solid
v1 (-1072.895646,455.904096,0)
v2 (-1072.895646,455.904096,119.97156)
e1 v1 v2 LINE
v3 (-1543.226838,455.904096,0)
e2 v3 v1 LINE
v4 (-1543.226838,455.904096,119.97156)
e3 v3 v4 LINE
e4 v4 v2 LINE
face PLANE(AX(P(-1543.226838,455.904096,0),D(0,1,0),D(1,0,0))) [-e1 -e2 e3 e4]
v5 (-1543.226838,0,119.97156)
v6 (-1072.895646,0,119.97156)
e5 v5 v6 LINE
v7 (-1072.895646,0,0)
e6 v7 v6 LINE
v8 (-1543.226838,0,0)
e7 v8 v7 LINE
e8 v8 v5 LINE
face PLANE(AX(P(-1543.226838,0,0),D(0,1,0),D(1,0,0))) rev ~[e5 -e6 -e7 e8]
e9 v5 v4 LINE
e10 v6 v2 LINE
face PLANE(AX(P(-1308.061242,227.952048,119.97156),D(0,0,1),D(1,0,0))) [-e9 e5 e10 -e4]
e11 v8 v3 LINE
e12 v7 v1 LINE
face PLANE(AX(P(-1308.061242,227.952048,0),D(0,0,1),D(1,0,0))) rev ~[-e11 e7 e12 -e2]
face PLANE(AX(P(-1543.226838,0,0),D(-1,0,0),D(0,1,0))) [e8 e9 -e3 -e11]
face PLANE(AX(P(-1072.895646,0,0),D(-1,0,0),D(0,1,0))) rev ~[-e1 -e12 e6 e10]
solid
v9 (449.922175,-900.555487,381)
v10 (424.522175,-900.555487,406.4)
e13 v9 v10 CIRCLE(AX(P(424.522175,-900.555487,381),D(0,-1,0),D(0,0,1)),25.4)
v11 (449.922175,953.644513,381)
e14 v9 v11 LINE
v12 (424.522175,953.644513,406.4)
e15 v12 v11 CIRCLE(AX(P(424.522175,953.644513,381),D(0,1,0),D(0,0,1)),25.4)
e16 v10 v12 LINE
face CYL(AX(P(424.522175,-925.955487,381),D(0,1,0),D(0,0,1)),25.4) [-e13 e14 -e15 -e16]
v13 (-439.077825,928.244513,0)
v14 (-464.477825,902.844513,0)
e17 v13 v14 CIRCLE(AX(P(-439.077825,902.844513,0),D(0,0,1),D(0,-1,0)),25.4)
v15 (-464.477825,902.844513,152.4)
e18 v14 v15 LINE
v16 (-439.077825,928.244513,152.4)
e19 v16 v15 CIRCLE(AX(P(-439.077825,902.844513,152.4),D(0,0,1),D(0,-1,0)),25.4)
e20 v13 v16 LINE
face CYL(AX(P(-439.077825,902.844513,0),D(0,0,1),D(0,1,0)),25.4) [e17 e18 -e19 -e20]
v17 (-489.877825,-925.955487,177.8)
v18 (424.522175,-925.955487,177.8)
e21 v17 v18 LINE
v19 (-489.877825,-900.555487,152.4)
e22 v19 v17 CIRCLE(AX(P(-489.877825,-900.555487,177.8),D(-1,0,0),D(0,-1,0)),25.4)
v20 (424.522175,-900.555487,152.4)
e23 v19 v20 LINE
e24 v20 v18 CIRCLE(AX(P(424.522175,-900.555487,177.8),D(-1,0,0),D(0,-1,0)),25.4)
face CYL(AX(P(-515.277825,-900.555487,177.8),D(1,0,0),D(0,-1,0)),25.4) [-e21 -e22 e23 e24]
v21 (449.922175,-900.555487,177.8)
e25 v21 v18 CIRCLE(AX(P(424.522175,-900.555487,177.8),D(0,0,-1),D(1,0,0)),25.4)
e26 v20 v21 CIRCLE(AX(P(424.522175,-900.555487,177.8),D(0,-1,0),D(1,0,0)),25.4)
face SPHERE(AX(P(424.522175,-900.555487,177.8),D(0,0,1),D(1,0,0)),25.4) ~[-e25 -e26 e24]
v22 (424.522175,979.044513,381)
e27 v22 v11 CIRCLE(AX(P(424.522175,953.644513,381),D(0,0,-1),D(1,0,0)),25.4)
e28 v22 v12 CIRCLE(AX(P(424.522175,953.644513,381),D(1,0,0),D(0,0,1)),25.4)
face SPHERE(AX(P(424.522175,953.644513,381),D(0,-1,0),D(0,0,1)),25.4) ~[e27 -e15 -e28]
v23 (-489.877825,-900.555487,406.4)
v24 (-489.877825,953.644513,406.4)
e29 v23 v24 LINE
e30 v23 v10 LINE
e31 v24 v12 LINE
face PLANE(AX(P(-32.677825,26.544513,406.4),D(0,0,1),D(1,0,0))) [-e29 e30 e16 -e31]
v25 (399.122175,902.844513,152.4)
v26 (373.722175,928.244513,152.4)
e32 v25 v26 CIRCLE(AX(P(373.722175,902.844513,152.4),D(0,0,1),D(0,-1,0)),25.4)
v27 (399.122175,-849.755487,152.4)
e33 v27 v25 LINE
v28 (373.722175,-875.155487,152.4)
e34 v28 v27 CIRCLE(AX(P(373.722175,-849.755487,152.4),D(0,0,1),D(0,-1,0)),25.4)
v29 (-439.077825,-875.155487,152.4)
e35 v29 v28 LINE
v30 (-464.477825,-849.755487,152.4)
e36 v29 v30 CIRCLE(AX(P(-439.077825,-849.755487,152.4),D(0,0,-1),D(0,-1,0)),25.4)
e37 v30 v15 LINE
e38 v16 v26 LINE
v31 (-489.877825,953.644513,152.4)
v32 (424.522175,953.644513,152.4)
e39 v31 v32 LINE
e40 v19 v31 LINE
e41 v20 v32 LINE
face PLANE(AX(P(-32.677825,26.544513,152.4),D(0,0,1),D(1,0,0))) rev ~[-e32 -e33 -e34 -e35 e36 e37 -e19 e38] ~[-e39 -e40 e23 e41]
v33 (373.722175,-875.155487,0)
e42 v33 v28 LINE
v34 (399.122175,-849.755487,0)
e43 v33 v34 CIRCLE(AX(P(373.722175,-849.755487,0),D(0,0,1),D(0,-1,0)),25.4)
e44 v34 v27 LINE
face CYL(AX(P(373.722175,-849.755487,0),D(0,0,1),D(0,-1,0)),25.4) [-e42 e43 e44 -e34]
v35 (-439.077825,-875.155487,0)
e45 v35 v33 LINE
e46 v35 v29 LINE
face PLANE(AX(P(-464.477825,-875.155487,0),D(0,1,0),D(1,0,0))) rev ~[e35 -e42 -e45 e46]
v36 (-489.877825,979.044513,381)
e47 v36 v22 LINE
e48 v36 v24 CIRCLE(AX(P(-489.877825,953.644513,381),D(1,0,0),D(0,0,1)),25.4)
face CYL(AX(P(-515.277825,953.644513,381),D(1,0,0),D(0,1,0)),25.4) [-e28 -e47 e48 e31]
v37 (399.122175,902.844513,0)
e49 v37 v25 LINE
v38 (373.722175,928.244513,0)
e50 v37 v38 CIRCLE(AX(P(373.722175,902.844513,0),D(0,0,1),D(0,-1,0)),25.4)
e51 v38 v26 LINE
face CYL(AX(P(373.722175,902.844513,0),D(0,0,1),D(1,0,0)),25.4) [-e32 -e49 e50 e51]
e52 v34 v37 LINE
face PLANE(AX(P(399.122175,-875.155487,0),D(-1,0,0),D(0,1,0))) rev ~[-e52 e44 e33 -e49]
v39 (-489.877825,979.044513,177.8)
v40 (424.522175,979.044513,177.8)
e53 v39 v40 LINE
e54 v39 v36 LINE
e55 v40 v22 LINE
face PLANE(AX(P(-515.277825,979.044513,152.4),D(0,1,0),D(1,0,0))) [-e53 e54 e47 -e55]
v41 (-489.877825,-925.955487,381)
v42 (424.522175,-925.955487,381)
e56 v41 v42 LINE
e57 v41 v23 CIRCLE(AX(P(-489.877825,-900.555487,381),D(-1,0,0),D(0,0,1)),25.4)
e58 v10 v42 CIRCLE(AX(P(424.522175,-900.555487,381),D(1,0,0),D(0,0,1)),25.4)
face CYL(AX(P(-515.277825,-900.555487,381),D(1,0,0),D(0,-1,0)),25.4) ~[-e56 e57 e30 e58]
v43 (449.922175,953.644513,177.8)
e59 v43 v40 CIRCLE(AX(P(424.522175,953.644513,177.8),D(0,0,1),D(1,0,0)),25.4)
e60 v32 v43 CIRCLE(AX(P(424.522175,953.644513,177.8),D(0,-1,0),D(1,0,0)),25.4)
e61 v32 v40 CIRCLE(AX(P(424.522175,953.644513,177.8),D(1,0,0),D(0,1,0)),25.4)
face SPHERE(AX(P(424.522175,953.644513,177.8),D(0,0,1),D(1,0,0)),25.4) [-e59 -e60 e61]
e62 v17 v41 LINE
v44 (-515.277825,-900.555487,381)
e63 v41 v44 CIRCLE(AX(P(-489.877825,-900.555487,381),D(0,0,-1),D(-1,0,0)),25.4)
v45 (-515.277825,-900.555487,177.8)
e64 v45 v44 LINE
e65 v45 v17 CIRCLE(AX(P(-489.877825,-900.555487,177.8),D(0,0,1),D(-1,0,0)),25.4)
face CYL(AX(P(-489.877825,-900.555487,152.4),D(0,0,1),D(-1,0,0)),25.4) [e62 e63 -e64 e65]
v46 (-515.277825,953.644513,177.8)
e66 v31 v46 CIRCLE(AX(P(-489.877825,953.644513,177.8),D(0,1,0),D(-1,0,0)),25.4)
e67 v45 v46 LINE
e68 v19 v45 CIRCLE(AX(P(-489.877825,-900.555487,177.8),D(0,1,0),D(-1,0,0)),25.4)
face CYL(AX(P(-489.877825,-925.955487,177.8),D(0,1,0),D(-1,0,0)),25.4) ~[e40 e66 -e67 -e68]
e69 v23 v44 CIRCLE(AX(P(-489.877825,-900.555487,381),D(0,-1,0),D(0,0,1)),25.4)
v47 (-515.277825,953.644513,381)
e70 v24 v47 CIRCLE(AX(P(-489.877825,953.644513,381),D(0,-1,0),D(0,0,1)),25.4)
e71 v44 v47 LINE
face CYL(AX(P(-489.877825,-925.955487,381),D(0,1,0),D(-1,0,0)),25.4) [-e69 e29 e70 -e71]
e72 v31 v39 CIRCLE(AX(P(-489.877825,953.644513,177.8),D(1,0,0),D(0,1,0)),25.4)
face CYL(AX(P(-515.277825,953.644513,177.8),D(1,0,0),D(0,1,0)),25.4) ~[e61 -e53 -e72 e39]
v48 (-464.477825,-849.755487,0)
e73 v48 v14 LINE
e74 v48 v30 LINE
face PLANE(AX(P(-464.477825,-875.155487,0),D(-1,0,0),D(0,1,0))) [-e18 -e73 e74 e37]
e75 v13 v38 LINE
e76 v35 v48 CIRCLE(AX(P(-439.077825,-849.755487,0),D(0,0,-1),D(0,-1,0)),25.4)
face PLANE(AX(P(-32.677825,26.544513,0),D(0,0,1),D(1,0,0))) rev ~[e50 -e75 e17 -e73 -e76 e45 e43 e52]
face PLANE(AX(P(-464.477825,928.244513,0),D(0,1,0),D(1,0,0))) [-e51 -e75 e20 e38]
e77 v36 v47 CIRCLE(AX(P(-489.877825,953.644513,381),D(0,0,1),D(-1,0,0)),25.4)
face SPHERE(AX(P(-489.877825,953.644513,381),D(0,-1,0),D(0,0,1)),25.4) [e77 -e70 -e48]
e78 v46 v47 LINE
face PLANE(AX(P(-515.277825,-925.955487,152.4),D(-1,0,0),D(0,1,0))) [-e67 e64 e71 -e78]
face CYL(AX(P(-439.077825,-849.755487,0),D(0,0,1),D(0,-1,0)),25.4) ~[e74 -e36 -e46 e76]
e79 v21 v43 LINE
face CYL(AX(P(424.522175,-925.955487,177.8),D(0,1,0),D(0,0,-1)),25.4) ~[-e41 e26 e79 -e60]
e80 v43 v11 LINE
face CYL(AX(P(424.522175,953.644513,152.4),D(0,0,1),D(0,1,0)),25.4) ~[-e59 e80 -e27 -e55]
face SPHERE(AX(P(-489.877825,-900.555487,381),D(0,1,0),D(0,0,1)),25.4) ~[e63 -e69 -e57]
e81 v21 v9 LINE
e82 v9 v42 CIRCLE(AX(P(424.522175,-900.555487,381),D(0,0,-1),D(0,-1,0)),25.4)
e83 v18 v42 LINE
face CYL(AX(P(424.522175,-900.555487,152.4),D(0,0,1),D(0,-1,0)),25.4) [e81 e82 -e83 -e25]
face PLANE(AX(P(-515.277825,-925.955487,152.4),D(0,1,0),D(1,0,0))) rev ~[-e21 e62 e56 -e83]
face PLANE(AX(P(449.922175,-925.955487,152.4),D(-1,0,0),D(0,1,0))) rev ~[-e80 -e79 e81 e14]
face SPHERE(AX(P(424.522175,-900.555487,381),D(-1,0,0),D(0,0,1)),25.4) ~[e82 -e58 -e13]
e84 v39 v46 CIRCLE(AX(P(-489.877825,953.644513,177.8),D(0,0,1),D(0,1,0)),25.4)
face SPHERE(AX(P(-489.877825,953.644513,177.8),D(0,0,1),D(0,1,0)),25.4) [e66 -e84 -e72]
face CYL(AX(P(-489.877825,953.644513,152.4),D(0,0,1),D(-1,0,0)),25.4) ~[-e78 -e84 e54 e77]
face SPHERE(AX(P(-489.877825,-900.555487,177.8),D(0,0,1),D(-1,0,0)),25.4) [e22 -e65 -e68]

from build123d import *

# Parameters (mm, degrees)
F0_W     = 863.6
F0_H     = 1803.4
F1_DEPTH = 152.4
F2_W     = 965.2
F2_H     = 1905
F3_DEPTH = 254
F4_R     = 25.4
F5_W     = 470.331192
F5_H     = 455.904096
F6_DEPTH = 119.97156


with BuildPart() as f1:
    # F0 (on Top) → F1 (new body)
    with BuildSketch(Plane.XY):
        with Locations((-32.677825, 26.544513)):
            Rectangle(F0_W, F0_H)
    extrude(amount=F1_DEPTH)

    # F2 (on face) → F3 (join)
    with BuildSketch(Plane.XY.offset(152.4)):
        with Locations((-32.677825, 26.544513)):
            Rectangle(F2_W, F2_H)
    extrude(amount=F3_DEPTH)

    # F4
    f4_edges = [f1.edges().sort_by_distance(p)[0] for p in [
        (-515.277825, 26.544513, 406.4),
        (-32.677825, -925.955487, 406.4),
        (449.922175, 26.544513, 406.4),
        (-32.677825, 979.044513, 406.4),
        (449.922175, -925.955487, 279.4),
        (449.922175, 979.044513, 279.4),
        (449.922175, 26.544513, 152.4),
        (-515.277825, 979.044513, 279.4),
        (-32.677825, 979.044513, 152.4),
        (-515.277825, -925.955487, 279.4),
        (-515.277825, 26.544513, 152.4),
        (-32.677825, -925.955487, 152.4),
        (399.122175, -875.155487, 76.2),
        (399.122175, 928.244513, 76.2),
        (-464.477825, 928.244513, 76.2),
        (-464.477825, -875.155487, 76.2),
    ]]
    fillet(f4_edges, radius=F4_R)


with BuildPart() as f6:
    # F5 (on Top) → F6 (new body)
    with BuildSketch(Plane.XY):
        with Locations((-1308.061242, 227.952048)):
            Rectangle(F5_W, F5_H)
    extrude(amount=F6_DEPTH)


solid = Compound([f1.part, f6.part])
